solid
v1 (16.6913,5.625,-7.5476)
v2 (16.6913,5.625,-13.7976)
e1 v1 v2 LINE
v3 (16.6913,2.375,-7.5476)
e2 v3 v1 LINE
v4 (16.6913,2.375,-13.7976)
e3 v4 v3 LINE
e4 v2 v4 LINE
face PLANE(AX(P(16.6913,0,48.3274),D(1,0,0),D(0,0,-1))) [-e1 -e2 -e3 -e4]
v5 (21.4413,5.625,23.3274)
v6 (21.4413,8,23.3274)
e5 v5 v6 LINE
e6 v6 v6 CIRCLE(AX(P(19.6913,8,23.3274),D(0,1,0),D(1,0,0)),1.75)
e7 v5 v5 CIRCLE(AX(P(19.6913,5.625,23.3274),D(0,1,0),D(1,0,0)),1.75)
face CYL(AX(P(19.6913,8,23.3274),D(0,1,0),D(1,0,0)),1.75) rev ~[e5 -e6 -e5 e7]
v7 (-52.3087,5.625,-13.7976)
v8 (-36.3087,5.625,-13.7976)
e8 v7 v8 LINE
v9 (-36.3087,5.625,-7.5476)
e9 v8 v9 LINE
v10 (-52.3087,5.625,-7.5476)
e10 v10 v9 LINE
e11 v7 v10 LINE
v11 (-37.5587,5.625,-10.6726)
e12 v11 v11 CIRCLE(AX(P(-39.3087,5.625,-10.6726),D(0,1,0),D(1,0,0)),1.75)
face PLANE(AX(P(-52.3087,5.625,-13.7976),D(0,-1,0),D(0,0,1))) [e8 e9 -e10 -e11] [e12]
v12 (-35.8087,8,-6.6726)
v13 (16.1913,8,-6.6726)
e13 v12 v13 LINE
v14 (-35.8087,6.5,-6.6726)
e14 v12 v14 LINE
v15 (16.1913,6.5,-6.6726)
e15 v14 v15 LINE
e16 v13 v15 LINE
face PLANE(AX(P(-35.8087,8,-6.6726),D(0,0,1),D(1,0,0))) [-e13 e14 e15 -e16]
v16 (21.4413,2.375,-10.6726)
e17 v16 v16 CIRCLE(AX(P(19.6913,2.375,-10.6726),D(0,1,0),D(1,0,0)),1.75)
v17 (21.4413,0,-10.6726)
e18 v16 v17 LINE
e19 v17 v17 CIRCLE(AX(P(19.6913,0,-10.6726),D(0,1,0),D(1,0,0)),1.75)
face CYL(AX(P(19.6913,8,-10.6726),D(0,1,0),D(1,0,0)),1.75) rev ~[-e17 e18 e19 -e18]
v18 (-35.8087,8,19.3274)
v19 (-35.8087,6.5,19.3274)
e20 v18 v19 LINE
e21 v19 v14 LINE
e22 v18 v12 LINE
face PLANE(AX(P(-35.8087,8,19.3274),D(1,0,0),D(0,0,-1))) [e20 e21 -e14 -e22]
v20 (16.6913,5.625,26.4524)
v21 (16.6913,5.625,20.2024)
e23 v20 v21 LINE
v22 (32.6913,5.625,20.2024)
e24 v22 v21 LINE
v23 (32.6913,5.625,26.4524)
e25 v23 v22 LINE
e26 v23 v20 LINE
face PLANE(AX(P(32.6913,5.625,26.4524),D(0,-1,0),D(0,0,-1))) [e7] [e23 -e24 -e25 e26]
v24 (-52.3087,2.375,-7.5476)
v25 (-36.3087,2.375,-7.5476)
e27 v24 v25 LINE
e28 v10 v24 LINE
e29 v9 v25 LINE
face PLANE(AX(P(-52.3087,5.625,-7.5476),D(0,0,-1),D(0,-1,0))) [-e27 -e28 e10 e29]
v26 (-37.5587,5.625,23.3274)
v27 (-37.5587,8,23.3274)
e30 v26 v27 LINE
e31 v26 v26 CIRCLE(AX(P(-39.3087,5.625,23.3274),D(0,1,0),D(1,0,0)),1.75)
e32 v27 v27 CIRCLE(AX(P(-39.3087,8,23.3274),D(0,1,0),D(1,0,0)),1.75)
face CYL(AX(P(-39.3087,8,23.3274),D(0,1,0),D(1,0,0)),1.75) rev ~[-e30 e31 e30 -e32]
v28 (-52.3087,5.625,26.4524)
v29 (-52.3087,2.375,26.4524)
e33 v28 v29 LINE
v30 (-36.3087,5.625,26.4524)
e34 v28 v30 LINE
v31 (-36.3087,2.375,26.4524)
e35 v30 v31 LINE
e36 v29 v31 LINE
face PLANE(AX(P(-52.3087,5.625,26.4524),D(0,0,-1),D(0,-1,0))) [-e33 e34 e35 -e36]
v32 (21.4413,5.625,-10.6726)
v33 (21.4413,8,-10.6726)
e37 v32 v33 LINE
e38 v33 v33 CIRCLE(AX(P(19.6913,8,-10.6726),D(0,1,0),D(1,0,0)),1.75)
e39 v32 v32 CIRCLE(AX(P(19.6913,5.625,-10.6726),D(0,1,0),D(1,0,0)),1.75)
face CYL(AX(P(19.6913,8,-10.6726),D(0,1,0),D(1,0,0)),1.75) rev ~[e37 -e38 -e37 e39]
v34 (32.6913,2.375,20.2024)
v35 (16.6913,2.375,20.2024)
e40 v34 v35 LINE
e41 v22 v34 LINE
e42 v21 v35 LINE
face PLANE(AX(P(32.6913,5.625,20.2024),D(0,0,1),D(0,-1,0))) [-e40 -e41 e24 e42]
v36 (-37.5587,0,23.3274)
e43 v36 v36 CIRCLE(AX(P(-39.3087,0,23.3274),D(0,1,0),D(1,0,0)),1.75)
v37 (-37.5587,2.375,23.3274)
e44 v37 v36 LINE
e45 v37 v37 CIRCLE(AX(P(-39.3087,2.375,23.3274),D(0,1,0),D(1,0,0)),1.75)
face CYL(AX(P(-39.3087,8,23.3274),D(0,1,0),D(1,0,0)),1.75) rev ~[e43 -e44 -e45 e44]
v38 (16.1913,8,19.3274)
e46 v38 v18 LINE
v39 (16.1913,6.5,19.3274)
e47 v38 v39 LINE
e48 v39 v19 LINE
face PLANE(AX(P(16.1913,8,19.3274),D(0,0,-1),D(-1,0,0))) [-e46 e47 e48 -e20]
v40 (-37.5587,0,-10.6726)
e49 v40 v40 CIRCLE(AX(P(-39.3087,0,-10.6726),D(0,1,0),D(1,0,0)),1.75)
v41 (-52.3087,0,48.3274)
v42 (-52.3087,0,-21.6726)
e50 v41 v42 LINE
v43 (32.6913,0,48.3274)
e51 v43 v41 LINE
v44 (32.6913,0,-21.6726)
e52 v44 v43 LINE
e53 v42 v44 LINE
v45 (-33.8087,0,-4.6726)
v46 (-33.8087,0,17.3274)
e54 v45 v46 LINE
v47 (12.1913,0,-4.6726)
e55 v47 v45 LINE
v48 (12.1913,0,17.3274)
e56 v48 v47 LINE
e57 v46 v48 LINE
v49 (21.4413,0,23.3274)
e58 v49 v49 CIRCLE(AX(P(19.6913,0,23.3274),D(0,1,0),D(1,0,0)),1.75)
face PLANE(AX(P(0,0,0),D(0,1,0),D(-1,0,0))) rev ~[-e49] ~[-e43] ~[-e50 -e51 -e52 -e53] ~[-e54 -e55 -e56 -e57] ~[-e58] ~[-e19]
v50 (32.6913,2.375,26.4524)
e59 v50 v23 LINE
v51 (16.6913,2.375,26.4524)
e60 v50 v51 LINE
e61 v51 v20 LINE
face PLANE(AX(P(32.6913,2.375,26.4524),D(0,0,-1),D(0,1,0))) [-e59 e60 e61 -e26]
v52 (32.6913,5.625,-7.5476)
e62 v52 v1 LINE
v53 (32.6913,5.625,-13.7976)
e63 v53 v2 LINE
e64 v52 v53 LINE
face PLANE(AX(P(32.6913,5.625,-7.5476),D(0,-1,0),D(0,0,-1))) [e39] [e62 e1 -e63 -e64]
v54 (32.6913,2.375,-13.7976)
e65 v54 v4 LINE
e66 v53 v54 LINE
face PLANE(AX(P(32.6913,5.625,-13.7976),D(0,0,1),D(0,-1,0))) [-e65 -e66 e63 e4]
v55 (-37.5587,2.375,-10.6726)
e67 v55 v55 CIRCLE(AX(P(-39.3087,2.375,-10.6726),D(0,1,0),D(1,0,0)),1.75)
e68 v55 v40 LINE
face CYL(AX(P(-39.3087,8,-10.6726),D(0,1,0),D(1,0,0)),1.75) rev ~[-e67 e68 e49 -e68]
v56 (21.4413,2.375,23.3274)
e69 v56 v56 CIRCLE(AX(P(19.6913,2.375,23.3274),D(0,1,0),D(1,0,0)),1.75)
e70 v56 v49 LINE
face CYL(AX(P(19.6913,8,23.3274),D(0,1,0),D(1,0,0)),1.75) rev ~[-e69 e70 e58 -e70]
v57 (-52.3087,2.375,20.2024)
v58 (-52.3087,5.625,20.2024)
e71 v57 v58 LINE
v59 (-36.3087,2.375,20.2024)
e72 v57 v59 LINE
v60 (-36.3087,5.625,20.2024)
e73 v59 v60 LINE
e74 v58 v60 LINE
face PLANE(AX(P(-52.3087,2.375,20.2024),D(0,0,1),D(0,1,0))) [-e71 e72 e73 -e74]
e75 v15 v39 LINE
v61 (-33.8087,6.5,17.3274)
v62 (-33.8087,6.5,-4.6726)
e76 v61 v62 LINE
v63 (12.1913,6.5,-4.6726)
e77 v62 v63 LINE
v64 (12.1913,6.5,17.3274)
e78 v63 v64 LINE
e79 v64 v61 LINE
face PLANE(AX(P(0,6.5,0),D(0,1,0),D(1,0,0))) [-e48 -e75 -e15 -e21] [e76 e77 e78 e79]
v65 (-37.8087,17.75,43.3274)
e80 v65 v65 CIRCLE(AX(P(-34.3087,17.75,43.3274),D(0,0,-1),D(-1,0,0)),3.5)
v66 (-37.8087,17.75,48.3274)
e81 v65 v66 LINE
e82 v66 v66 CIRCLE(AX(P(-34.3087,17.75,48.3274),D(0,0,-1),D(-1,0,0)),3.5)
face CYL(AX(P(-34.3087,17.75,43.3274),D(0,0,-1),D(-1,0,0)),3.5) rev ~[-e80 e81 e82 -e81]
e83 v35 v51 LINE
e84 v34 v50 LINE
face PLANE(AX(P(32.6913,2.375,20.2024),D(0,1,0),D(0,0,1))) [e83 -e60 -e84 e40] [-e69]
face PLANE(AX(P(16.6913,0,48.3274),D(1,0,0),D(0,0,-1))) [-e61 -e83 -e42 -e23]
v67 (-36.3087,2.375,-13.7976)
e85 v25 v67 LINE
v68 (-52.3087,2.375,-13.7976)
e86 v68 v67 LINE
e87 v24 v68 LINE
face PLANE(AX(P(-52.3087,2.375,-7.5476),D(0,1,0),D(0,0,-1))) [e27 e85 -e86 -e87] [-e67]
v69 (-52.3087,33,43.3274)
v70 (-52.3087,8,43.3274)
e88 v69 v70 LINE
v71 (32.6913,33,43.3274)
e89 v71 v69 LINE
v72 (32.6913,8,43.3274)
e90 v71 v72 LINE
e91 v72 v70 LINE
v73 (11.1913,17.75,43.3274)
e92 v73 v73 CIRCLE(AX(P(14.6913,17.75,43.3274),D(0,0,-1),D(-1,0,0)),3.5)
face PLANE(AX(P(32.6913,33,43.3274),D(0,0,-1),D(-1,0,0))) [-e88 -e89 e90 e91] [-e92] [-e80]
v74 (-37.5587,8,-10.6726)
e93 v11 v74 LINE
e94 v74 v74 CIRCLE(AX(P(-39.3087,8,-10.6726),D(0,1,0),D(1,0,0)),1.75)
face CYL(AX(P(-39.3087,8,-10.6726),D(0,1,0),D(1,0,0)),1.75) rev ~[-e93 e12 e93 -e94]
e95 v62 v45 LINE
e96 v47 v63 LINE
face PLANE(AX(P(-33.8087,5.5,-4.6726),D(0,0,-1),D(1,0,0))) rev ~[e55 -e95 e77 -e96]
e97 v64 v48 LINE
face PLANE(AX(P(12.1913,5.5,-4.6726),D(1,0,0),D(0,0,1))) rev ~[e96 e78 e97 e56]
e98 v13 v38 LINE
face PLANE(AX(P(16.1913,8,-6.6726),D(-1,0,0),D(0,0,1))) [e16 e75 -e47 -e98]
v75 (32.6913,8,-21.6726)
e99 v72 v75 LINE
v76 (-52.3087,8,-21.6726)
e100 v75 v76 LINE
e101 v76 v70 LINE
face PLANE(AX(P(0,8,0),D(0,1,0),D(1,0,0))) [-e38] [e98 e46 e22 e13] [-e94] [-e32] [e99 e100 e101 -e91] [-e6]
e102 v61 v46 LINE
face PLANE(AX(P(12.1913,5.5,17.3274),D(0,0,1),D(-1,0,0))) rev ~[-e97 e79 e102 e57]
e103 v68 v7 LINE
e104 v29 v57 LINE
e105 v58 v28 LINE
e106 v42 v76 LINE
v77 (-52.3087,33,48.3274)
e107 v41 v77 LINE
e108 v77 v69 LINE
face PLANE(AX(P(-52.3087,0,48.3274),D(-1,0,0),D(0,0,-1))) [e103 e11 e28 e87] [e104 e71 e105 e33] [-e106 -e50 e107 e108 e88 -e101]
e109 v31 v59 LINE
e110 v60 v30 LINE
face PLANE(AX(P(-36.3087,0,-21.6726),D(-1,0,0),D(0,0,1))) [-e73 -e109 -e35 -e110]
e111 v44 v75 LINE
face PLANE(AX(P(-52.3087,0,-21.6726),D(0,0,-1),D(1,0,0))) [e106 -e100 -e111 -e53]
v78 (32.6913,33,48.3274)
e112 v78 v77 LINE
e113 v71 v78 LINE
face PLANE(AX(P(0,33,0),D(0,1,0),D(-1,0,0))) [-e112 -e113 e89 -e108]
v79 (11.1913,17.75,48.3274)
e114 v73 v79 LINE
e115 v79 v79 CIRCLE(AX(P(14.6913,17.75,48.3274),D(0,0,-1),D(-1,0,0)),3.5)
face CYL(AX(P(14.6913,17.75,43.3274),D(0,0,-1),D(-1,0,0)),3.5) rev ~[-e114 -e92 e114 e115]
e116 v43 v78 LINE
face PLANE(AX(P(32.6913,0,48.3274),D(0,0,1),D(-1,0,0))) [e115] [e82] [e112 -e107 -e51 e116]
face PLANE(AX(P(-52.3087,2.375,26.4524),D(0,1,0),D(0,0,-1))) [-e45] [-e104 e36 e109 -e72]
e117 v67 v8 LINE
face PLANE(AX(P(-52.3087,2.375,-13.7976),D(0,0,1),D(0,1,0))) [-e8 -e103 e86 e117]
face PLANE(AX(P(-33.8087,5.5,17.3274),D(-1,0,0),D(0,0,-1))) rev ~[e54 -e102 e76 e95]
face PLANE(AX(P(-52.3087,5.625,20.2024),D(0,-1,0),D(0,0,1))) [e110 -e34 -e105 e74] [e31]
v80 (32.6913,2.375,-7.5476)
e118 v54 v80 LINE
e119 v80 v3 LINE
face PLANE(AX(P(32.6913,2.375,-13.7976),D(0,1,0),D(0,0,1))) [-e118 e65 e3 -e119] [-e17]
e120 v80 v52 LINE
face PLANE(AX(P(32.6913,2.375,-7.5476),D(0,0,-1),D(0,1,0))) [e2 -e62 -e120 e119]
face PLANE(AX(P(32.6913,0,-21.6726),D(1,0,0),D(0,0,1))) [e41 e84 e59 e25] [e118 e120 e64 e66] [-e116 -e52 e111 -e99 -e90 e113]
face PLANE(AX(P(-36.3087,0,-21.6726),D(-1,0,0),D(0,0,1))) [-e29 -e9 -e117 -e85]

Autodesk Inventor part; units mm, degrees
ref_plane "YZ Plane" through (0, 0, 0) normal (1, 0, 0) x (0, 1, 0)
ref_plane "XZ Plane" through (0, 0, 0) normal (0, 1, 0) x (-1, 0, 0)
ref_plane "XY Plane" through (0, 0, 0) normal (0, 0, 1) x (1, 0, 0)
sketch "Sketch1" plane through (0, 0, 0) normal (0, 1, 0) x (-1, 0, 0)
  line L0 (52.3087, -21.6726) -> (-32.6913, -21.6726)
  line L1 (-32.6913, -21.6726) -> (-32.6913, 48.3274)
  line L2 (-32.6913, 48.3274) -> (52.3087, 48.3274)
  line L3 (52.3087, 48.3274) -> (52.3087, -21.6726)
  dimension "d4" = 70
  dimension "d5" = 85
extrude "Extrusion1" add sketch "Sketch1" along normal blind 33
sketch "Sketch2" plane through (0, 33, 0) normal (0, 1, 0) x (1, 0, 0)
  line L0 (32.6913, 21.6726) -> (-52.3087, 21.6726) projected
  line L1 (-52.3087, 21.6726) -> (-52.3087, -48.3274) projected
  line L2 (-52.3087, -48.3274) -> (32.6913, -48.3274) projected
  line L3 (32.6913, -48.3274) -> (32.6913, 21.6726) projected
  line L4 (-52.3087, 21.6726) -> (32.6913, 21.6726)
  line L5 (32.6913, 21.6726) -> (32.6913, -43.3274)
  line L6 (32.6913, -43.3274) -> (-52.3087, -43.3274)
  line L7 (-52.3087, -43.3274) -> (-52.3087, 21.6726)
  point P0 (0, 0)
  dimension "d8" = 0
  dimension "d9" = 0
  dimension "d10" = 5
extrude "Extrusion2" cut sketch "Sketch2" against normal blind 25 contours L3 L6 L1 L0
sketch "Sketch3" plane through (0, 8, 0) normal (0, 1, 0) x (1, 0, 0)
  line L0 (32.6913, -43.3274) -> (-52.3087, -43.3274) projected
  line L1 (-35.8087, 6.6726) -> (16.1913, 6.6726)
  line L2 (16.1913, 6.6726) -> (16.1913, -19.3274)
  line L3 (16.1913, -19.3274) -> (-35.8087, -19.3274)
  line L4 (-35.8087, -19.3274) -> (-35.8087, 6.6726)
  line L5 (-52.3087, 21.6726) -> (32.6913, 21.6726)
  line L6 (-52.3087, -48.3274) -> (-52.3087, 21.6726) projected
  line L7 (-9.8087, -43.3274) -> (-9.8087, 21.6726) construction
  circle A0 centre (-39.3087, -23.3274) radius 1.75
  circle A1 centre (-39.3087, 10.6726) radius 1.75
  circle A2 centre (19.6913, 10.6726) radius 1.75
  circle A3 centre (19.6913, -23.3274) radius 1.75
  line L8 (-52.6639, -6.3274) -> (32.3361, -6.3274) construction
  point P0 (0, 0)
  dimension "d106" = 26
  dimension "d107" = 3.5
  dimension "d110" = 34
  dimension "d111" = 59
  dimension "d144" = 52
  dimension "d145" = 15
extrude "Extrusion3" cut sketch "Sketch3" against normal blind 1.5
sketch "Sketch4" plane through (0, 6.5, 0) normal (0, 1, 0) x (1, 0, 0)
  line L0 (-35.8087, 6.6726) -> (16.1913, 6.6726) projected
  line L1 (-35.8087, -19.3274) -> (-35.8087, 6.6726) projected
  line L2 (16.1913, -19.3274) -> (-35.8087, -19.3274) projected
  line L3 (16.1913, 6.6726) -> (16.1913, -19.3274) projected
  line L4 (-33.8087, 4.6726) -> (12.1913, 4.6726)
  line L5 (12.1913, 4.6726) -> (12.1913, -17.3274)
  line L6 (12.1913, -17.3274) -> (-33.8087, -17.3274)
  line L7 (-33.8087, -17.3274) -> (-33.8087, 4.6726)
  point P0 (0, 0)
  dimension "d20" = 2
  dimension "d21" = 2
  dimension "d22" = 2
  dimension "d23" = 4
extrude "Extrusion4" cut sketch "Sketch4" against normal blind 1 contours L4 L5 L6 L7
sketch "Sketch10" plane through (32.6913, 8, 43.3274) normal (0, 0, -1) x (-1, 0, 0)
  line L0 (85, 25) -> (85, 0) projected
  line L1 (0, 25) -> (85, 25) projected
  circle A0 centre (18, 9.75) radius 3.5
  circle A1 centre (67, 9.75) radius 3.5
  point P0 (32.6913, -8)
  dimension "d53" = 15.25
  dimension "d55" = 15.25
  dimension "d58" = 7
  dimension "d59" = 7
  dimension "d70" = 49
  dimension "d71" = 18
extrude "Extrusion9" cut sketch "Sketch10" against normal blind 5
sketch "Sketch16" plane through (16.1913, 8, -6.6726) normal (-1, 0, 0) x (0, 0, 1)
  line L0 (0, 0) -> (26, 0) projected
  line L1 (0, 0) -> (0, -1.5) projected
  line L2 (0, -1.5) -> (26, -1.5) projected
  line L3 (26, 0) -> (26, -1.5) projected
  point P0 (6.6726, -8)
sketch "Sketch17" plane through (0, 5.5, 0) normal (0, 1, 0) x (1, 0, 0)
  line L0 (-33.8087, 4.6726) -> (12.1913, 4.6726) projected
  line L1 (-33.8087, -17.3274) -> (-33.8087, 4.6726) projected
  line L2 (12.1913, -17.3274) -> (-33.8087, -17.3274) projected
  line L3 (12.1913, 4.6726) -> (12.1913, -17.3274) projected
  line L4 (-33.8087, 4.6726) -> (12.1913, 4.6726)
  line L5 (12.1913, 4.6726) -> (12.1913, -17.3274)
  line L6 (12.1913, -17.3274) -> (-33.8087, -17.3274)
  line L7 (-33.8087, -17.3274) -> (-33.8087, 4.6726)
  point P0 (0, 0)
  dimension "d93" = 0
  dimension "d94" = 0
  dimension "d95" = 0
  dimension "d96" = 0
extrude "Extrusion14" cut sketch "Sketch17" along normal through all both and the other way through all
sketch "Sketch20" plane through (32.6913, 0, 48.3274) normal (1, 0, 0) x (0, 0, -1)
  line L0 (21.875, 5.625) -> (28.125, 5.625)
  line L1 (28.125, 5.625) -> (28.125, 2.375)
  line L2 (28.125, 2.375) -> (21.875, 2.375)
  line L3 (21.875, 2.375) -> (21.875, 5.625)
  line L4 (55.875, 5.625) -> (62.125, 5.625)
  line L5 (62.125, 5.625) -> (62.125, 2.375)
  line L6 (62.125, 2.375) -> (55.875, 2.375)
  line L7 (55.875, 2.375) -> (55.875, 5.625)
  line L8 (25, 6.5) -> (25, 2.375) construction
  line L9 (59, 6.5) -> (59, 2.375) construction
  line L10 (23.25, 6.5) -> (26.75, 6.5) construction
  line L11 (57.25, 6.5) -> (60.75, 6.5) construction
  line L12 (70, 0) -> (70, 8) construction
  line L13 (70, 4) -> (0, 4) construction
  line L14 (0, 0) -> (0, 33) construction
  point P0 (48.3274, 0)
  dimension "d113" = 3.25
  dimension "d125" = 6.25
extrude "Extrusion16" cut sketch "Sketch20" against normal blind 16
sketch "Sketch21" plane through (-52.3087, 0, -21.6726) normal (-1, 0, 0) x (0, 0, 1)
  line L0 (7.875, 5.625) -> (14.125, 5.625)
  line L1 (14.125, 5.625) -> (14.125, 2.375)
  line L2 (14.125, 2.375) -> (7.875, 2.375)
  line L3 (7.875, 2.375) -> (7.875, 5.625)
  line L4 (41.875, 5.625) -> (48.125, 5.625)
  line L5 (48.125, 5.625) -> (48.125, 2.375)
  line L6 (48.125, 2.375) -> (41.875, 2.375)
  line L7 (41.875, 2.375) -> (41.875, 5.625)
  line L8 (7.875, 2.375) -> (14.125, 2.375) projected
  line L9 (41.875, 2.375) -> (48.125, 2.375) projected
  line L10 (48.125, 5.625) -> (41.875, 5.625) projected
  line L11 (41.875, 5.625) -> (41.875, 2.375) projected
  line L12 (48.125, 2.375) -> (48.125, 5.625) projected
  line L13 (14.125, 2.375) -> (14.125, 5.625) projected
  line L14 (7.875, 5.625) -> (7.875, 2.375) projected
  line L15 (14.125, 5.625) -> (7.875, 5.625) projected
extrude "Extrusion17" cut sketch "Sketch21" against normal blind 16
sketch "Sketch22" plane through (0, 8, 0) normal (0, 1, 0) x (1, 0, 0)
  circle A0 centre (-39.3087, -23.3274) radius 1.75
  circle A1 centre (19.6913, 10.6726) radius 1.75 projected
  circle A2 centre (-39.3087, 10.6726) radius 1.75
  circle A3 centre (19.6913, -23.3274) radius 1.75
  circle A4 centre (19.6913, 10.6726) radius 1.75
  circle A5 centre (19.6913, -23.3274) radius 1.75 projected
  circle A6 centre (-39.3087, 10.6726) radius 1.75 projected
  circle A7 centre (-39.3087, -23.3274) radius 1.75 projected
  point P0 (0, 0)
extrude "Extrusion18" cut sketch "Sketch22" against normal through all
properties part number "SampleBase"
